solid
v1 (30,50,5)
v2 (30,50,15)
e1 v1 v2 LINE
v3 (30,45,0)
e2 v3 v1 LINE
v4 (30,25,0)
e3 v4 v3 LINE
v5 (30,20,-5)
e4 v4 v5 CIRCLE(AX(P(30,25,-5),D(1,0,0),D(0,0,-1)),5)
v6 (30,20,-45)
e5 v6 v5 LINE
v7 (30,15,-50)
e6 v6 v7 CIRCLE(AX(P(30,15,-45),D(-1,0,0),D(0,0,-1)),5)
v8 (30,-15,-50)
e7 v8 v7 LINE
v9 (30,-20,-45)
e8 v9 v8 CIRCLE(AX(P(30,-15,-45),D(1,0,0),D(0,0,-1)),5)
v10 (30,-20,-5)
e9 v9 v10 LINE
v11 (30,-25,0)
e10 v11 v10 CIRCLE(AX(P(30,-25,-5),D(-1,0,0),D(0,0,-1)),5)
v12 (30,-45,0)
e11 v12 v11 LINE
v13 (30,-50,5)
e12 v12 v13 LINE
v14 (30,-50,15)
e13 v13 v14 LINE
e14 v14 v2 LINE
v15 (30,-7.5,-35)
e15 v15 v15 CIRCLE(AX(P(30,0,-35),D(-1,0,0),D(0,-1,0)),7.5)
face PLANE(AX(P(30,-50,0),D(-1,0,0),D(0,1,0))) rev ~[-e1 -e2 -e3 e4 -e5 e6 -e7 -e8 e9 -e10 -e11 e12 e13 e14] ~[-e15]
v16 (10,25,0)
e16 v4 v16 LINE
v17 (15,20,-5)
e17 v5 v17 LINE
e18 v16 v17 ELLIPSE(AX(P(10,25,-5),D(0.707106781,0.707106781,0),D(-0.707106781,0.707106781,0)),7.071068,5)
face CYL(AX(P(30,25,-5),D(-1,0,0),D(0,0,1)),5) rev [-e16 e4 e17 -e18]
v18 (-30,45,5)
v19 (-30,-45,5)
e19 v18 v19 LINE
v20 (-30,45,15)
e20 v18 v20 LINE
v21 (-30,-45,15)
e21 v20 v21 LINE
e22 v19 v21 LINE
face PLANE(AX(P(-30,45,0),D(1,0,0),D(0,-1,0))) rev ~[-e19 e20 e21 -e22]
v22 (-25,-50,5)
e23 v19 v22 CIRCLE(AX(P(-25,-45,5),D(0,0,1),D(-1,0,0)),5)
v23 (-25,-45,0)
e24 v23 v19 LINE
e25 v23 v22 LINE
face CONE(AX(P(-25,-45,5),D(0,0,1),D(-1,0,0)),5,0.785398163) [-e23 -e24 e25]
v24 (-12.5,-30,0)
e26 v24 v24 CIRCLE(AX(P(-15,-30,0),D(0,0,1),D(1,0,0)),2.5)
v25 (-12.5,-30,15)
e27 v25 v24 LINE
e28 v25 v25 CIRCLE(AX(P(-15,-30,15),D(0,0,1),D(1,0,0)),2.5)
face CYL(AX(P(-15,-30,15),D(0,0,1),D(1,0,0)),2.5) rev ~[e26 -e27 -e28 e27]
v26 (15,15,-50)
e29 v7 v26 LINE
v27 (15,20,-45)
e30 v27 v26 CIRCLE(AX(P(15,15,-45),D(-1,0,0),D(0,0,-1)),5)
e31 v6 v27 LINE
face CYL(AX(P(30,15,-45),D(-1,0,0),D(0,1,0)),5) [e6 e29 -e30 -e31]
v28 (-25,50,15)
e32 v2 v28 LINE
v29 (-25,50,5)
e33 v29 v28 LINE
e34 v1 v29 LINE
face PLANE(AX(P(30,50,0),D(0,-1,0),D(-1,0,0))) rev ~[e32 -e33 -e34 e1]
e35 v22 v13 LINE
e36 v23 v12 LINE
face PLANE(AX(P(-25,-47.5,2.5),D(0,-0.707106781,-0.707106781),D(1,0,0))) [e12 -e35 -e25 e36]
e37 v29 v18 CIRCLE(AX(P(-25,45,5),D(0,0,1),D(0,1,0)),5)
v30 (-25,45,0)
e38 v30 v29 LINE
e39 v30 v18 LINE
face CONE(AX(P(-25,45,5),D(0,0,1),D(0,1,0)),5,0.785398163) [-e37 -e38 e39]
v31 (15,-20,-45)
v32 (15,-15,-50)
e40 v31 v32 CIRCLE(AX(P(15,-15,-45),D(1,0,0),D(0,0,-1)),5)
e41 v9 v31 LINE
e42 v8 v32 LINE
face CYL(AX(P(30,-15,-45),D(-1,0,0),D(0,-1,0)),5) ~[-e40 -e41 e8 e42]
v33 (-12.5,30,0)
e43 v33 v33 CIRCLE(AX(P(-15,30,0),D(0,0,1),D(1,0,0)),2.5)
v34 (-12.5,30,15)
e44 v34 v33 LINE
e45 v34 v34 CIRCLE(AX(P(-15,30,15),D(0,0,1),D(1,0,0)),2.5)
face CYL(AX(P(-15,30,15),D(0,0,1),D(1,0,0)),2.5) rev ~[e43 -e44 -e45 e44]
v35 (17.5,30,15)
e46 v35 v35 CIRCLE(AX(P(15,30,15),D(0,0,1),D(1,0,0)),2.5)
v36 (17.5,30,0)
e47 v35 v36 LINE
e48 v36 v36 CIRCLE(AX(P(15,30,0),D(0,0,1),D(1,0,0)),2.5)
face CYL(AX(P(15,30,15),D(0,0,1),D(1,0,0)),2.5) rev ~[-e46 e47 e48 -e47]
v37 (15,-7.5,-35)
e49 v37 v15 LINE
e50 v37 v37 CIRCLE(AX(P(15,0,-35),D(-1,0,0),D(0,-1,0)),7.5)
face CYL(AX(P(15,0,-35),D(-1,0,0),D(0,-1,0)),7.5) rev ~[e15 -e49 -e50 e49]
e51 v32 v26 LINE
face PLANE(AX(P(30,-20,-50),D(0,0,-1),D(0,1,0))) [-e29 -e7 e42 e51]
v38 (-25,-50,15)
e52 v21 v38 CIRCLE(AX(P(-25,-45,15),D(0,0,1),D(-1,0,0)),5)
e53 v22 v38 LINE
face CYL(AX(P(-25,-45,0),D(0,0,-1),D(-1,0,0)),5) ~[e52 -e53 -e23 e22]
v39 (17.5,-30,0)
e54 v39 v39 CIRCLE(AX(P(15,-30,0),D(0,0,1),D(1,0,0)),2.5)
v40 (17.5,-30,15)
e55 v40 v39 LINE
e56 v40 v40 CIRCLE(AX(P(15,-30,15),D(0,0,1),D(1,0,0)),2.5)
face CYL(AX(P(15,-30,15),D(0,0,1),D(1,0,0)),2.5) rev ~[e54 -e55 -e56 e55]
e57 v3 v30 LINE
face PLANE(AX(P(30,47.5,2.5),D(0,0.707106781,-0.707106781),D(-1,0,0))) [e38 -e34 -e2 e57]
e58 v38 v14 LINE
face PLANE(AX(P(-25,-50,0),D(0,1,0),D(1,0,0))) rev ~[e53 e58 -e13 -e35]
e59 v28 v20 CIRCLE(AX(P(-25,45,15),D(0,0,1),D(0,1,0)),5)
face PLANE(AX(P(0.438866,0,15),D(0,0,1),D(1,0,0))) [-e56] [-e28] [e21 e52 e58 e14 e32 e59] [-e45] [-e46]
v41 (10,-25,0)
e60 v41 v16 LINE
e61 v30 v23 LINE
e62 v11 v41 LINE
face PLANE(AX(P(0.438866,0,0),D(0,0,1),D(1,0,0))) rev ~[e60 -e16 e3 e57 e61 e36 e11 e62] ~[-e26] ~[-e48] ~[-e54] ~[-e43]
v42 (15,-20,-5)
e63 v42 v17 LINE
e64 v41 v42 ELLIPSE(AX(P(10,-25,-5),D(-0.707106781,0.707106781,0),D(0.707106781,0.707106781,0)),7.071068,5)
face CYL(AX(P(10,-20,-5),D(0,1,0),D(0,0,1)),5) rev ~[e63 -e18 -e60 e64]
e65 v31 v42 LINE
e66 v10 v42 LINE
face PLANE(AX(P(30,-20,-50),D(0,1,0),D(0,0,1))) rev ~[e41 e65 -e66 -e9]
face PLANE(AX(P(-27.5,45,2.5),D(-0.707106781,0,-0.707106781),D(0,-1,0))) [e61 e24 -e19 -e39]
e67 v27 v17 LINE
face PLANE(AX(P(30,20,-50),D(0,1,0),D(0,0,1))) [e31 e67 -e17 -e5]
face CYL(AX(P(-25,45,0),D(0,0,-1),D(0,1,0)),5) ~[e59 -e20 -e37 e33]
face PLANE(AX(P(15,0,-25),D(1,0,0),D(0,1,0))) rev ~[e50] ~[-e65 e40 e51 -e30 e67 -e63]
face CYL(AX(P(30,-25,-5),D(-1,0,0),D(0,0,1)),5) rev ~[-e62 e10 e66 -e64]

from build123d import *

# Parameters (mm, degrees)
F1_DEPTH = 15
F2_W     = 40
F2_H     = 50
F3_DEPTH = 15
F4_R     = 5
F5_SIZE  = 5
F6_R     = 7.5
F7_DEPTH = 25
F8_R     = 2.5
F9_DEPTH = 25


with BuildPart() as f1:
    # F0 (on Top) → F1 (new body)
    with BuildSketch(Plane.XY):
        with BuildLine():
            Line((30, 50), (-25, 50))
            ThreePointArc((-25, 50), (-28.5355339059, 48.5355339059), (-30, 45))
            Line((-30, 45), (-30, -45))
            ThreePointArc((-30, -45), (-28.5355339059, -48.5355339059), (-25, -50))
            Line((-25, -50), (30, -50))
            Line((30, -50), (30, 50))
        make_face()
    extrude(amount=F1_DEPTH)

    # F2 (on face) → F3 (join)
    with BuildSketch(Plane.YZ.offset(30)):
        with Locations((0, -25)):
            Rectangle(F2_W, F2_H)
    extrude(amount=-F3_DEPTH)

    # F4
    f4_edges = [f1.edges().sort_by_distance(p)[0] for p in [
        (22.5, 20, 0),
        (15, 0, 0),
        (22.5, 20, -50),
        (22.5, -20, -50),
        (22.5, -20, 0),
    ]]
    fillet(f4_edges, radius=F4_R)

    # F5
    f5_edges = [f1.edges().sort_by_distance(p)[0] for p in [
        (2.5, 50, 0),
    ]]
    chamfer(f5_edges, length=F5_SIZE)

    # F6 (on face) → F7 (cut)
    with BuildSketch(Plane(origin=(15, 0, 0), x_dir=(0, -1, 0), z_dir=(-1, 0, 0))):
        with Locations((0, -35)):
            Circle(F6_R)
    extrude(amount=-F7_DEPTH, mode=Mode.SUBTRACT)

    # F8 (on face) → F9 (cut)
    with BuildSketch(Plane.XY.offset(15)):
        with Locations((-15, -30)):
            Circle(F8_R)
        with Locations((15, -30)):
            Circle(F8_R)
        with Locations((15, 30)):
            Circle(F8_R)
        with Locations((-15, 30)):
            Circle(F8_R)
    extrude(amount=-F9_DEPTH, mode=Mode.SUBTRACT)


solid = f1.part
